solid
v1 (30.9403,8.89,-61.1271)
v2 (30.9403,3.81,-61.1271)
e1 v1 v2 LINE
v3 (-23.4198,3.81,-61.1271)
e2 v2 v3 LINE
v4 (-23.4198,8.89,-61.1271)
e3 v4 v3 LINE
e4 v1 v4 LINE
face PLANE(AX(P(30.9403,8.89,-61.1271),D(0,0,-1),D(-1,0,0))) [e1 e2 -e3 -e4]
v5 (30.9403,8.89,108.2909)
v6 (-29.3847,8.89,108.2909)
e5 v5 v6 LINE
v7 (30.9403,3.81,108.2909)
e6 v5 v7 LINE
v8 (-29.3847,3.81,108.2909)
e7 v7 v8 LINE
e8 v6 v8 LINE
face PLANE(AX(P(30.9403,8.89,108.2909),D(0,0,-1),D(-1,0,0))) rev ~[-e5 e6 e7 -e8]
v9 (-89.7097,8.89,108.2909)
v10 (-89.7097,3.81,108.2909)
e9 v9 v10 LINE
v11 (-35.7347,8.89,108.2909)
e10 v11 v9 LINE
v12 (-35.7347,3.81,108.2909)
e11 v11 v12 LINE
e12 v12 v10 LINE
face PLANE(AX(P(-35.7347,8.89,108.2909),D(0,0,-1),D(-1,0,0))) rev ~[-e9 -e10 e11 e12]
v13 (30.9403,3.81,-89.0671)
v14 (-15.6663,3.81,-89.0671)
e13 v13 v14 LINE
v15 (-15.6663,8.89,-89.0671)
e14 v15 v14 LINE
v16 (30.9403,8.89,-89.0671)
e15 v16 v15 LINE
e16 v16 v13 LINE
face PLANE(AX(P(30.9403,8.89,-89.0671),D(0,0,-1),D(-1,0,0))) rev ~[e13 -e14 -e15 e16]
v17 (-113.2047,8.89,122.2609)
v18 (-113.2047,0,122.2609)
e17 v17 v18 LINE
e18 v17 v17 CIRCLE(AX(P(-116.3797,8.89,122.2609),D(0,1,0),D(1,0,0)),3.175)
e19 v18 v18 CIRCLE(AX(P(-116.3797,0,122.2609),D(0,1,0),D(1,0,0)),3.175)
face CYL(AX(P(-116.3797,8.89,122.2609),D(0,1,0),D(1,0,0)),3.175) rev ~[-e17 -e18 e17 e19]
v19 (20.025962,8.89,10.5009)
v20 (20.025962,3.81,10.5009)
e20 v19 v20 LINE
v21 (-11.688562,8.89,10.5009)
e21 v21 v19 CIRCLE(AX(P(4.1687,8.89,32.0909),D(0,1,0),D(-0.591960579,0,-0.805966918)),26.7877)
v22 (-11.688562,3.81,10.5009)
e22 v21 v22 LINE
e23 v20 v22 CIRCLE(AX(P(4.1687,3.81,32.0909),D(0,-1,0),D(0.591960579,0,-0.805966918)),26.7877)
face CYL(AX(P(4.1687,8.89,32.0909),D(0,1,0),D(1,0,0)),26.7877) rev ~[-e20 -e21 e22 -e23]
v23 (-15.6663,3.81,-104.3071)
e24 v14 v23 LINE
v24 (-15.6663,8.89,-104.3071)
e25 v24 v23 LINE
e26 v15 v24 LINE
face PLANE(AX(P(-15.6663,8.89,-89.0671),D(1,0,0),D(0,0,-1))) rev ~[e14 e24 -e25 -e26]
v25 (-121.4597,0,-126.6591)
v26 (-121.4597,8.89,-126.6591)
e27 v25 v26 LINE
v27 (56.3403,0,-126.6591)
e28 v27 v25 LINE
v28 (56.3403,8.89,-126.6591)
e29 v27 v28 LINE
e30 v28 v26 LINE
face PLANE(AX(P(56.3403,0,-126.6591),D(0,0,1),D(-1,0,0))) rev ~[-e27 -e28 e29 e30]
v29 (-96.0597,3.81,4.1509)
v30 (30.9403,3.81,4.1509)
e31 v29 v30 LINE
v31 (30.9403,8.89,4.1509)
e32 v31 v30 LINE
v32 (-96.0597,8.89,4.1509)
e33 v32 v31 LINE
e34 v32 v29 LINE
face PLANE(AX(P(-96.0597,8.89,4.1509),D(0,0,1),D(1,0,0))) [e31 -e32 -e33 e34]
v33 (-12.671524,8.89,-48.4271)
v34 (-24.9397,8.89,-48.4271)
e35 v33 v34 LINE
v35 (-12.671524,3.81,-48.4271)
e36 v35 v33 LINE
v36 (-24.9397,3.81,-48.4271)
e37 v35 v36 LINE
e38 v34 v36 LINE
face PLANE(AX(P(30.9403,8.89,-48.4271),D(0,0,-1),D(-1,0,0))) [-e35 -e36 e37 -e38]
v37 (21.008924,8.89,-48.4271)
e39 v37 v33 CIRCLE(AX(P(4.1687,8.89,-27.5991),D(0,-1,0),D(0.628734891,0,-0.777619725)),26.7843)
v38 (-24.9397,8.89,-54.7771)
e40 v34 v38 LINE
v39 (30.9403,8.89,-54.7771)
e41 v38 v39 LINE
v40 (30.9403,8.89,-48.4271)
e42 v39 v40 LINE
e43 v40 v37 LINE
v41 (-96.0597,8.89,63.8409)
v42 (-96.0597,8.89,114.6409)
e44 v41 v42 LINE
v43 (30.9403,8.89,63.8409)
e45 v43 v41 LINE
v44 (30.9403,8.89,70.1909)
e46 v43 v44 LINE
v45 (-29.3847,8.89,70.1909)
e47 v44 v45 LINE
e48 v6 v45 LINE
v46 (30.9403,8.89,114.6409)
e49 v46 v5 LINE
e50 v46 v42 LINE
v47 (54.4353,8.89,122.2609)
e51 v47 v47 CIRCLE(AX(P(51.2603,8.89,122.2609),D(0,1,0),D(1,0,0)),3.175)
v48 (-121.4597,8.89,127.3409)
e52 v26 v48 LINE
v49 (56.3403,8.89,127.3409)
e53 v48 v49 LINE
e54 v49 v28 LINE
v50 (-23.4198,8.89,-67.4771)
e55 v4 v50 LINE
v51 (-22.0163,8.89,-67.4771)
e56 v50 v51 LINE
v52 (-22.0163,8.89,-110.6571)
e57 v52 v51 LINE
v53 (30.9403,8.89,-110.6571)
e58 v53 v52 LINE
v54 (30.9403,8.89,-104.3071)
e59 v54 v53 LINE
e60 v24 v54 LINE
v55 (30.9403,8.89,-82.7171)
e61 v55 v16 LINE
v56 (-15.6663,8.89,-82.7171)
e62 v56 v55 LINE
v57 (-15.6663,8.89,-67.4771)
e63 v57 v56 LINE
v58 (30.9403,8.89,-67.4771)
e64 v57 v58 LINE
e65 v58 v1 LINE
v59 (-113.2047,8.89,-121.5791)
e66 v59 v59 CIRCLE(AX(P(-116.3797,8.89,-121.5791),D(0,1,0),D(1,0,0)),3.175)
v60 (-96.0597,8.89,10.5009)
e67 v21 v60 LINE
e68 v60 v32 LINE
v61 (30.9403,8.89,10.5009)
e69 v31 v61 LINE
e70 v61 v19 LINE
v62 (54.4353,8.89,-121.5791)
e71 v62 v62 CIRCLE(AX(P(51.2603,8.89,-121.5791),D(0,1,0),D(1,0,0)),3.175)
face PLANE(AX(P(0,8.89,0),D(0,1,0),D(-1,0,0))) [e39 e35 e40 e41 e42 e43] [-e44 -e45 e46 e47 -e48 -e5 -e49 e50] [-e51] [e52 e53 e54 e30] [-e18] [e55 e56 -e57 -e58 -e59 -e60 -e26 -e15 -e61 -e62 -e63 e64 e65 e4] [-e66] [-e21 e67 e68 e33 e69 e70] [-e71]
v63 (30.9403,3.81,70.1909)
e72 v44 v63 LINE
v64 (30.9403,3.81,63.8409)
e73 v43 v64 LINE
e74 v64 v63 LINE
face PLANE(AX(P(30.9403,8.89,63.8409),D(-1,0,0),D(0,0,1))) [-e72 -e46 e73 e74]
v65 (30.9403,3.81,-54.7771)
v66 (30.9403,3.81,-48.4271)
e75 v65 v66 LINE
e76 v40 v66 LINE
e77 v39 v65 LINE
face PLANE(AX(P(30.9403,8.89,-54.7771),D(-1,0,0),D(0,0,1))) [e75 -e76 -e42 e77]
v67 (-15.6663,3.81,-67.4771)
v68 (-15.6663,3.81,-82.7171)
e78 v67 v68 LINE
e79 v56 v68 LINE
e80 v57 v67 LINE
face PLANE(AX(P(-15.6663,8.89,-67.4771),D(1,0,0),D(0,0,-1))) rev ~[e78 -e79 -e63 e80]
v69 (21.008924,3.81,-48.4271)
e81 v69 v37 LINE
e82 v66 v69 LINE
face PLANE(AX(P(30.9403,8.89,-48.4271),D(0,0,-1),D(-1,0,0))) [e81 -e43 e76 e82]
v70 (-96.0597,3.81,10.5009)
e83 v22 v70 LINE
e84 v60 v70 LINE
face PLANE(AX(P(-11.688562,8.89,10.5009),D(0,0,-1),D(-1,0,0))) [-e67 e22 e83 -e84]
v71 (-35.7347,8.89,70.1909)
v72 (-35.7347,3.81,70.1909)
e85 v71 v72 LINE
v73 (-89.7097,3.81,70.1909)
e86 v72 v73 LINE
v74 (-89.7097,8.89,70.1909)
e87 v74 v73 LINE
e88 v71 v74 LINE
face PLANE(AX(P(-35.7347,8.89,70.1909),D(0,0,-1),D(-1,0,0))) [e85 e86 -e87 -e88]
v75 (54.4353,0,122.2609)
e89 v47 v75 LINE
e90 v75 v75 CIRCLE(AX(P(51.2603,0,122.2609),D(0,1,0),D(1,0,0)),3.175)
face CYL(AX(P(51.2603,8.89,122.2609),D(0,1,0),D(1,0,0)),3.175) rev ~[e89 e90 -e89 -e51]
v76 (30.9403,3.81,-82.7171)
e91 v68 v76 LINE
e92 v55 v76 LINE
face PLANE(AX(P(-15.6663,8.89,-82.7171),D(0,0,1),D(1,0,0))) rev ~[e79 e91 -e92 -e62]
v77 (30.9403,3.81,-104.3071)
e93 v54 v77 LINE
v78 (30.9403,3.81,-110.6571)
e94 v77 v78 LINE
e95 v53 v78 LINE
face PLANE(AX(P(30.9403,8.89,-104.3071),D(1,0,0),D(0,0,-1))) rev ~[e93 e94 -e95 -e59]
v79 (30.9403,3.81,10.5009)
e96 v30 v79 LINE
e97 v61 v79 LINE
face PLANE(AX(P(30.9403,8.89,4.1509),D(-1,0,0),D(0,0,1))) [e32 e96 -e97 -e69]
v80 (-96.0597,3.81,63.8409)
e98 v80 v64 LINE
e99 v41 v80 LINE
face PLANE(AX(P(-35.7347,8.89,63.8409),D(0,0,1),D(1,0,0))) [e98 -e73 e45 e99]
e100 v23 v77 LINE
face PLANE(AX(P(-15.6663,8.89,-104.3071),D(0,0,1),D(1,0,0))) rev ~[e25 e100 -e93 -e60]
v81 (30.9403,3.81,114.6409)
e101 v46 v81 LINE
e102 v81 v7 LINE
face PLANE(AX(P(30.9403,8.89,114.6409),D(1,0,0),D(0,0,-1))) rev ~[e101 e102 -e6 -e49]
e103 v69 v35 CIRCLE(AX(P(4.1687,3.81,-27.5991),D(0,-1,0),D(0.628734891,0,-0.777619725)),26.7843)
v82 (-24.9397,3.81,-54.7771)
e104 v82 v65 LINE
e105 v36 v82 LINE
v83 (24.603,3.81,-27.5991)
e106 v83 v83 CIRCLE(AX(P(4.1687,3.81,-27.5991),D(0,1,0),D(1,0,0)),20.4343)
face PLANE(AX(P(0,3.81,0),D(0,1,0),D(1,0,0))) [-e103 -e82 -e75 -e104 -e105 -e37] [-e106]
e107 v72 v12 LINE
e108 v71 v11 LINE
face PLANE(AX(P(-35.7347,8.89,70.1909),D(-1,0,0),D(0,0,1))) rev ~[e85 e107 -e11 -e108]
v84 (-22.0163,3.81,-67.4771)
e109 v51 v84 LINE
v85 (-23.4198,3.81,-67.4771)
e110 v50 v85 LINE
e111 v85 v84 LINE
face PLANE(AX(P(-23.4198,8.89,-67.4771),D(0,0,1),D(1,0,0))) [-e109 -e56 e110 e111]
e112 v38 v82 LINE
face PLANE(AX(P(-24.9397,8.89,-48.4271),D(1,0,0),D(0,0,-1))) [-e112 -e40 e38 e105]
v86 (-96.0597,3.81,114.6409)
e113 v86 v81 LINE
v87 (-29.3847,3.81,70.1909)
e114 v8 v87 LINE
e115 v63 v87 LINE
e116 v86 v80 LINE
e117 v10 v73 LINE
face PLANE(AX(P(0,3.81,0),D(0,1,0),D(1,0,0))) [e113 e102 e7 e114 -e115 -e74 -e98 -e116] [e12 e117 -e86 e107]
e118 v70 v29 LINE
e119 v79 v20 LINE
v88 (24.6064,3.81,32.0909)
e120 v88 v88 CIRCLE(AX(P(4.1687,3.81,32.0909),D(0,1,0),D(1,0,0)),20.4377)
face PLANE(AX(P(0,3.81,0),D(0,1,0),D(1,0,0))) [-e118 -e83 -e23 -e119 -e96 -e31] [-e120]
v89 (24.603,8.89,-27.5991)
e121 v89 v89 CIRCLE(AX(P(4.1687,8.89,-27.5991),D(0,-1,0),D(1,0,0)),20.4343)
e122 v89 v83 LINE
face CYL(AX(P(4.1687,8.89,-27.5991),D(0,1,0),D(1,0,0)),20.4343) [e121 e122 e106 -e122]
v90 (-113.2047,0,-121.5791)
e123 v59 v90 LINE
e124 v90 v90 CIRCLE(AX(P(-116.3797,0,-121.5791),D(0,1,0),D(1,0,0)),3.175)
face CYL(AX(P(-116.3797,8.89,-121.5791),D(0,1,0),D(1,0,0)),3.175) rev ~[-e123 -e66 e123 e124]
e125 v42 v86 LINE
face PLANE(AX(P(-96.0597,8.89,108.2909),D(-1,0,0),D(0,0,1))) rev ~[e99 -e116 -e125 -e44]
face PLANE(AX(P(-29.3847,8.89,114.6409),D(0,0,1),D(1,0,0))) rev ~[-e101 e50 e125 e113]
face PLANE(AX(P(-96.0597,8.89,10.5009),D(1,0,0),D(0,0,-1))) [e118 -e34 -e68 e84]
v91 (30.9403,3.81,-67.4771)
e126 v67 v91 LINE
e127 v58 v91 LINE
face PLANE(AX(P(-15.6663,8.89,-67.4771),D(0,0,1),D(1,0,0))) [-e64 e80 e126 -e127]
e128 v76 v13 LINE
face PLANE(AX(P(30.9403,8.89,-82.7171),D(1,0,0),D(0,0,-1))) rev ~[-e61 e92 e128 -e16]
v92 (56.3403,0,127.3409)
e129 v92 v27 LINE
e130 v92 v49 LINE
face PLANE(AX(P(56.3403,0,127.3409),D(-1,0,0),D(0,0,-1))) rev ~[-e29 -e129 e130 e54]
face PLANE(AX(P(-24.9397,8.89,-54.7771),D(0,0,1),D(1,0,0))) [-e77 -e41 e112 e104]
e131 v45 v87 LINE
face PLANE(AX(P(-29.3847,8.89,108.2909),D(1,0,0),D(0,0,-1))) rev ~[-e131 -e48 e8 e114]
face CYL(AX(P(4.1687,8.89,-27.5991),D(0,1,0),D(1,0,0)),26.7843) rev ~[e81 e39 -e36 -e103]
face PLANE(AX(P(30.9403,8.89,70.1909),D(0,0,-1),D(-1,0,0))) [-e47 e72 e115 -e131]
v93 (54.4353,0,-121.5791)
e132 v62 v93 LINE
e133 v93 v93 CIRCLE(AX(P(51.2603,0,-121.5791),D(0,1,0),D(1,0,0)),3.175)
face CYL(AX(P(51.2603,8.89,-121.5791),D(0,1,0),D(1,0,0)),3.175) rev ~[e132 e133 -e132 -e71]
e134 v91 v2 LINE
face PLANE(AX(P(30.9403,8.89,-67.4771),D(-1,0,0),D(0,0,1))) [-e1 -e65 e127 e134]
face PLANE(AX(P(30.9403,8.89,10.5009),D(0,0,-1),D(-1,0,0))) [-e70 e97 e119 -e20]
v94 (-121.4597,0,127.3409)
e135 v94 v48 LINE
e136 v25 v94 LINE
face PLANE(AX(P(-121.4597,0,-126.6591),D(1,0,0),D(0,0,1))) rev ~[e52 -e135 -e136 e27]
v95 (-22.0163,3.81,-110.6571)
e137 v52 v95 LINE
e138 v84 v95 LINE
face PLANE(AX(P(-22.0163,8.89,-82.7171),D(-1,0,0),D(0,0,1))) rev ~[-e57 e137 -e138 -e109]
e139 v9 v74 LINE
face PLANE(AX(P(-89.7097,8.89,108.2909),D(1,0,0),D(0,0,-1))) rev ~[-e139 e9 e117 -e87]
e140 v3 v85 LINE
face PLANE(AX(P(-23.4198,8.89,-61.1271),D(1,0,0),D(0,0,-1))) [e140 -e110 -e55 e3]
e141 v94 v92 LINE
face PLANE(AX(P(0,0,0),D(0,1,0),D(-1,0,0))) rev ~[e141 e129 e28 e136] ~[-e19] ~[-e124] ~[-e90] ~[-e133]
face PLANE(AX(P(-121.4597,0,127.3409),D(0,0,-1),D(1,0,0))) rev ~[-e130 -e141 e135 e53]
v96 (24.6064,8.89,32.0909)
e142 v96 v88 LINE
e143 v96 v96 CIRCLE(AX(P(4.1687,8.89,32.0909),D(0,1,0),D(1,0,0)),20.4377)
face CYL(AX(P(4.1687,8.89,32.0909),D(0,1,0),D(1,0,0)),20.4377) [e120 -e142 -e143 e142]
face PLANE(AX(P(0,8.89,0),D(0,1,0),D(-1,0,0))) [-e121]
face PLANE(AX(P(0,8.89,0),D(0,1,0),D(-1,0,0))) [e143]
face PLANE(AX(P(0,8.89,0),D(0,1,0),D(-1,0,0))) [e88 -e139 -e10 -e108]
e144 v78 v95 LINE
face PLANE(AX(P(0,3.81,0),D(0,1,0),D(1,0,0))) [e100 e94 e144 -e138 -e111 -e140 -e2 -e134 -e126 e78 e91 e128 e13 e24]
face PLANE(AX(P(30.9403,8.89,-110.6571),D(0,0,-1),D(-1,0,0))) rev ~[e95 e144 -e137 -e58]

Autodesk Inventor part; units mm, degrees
ref_plane "YZ Plane" through (0, 0, 0) normal (1, 0, 0) x (0, 1, 0)
ref_plane "XZ Plane" through (0, 0, 0) normal (0, 1, 0) x (-1, 0, 0)
ref_plane "XY Plane" through (0, 0, 0) normal (0, 0, 1) x (1, 0, 0)
sketch "Sketch1" plane through (0, 0, 0) normal (0, 1, 0) x (-1, 0, 0)
  line L0 (121.4597, 127.3409) -> (-56.3403, 127.3409)
  line L1 (-56.3403, 127.3409) -> (-56.3403, -126.6591)
  line L2 (-56.3403, -126.6591) -> (121.4597, -126.6591)
  line L3 (121.4597, -126.6591) -> (121.4597, 127.3409)
  point P0 (0, 0)
  dimension "d0" = 254
  dimension "d1" = 177.8
sketch "Sketch2" plane through (0, 0, 0) normal (0, 1, 0) x (-1, 0, 0)
  point P0 (0, 0)
extrude "Extrusion1" add sketch "Sketch1" along normal blind 8.89
sketch "Sketch3" plane through (0, 8.89, 0) normal (0, 1, 0) x (1, 0, 0)
  line L0 (30.9403, -114.6409) -> (30.9403, -108.2909)
  line L1 (-121.4597, -127.3409) -> (56.3403, -127.3409) projected
  line L2 (56.3403, -127.3409) -> (56.3403, 126.6591) projected
  line L3 (30.9403, -108.2909) -> (-96.0597, -108.2909)
  line L4 (-96.0597, -108.2909) -> (-96.0597, -114.6409)
  line L5 (-96.0597, -114.6409) -> (30.9403, -114.6409)
  line L6 (-121.4597, 126.6591) -> (-121.4597, -127.3409) projected
  line L7 (-96.0597, -108.2909) -> (-89.7097, -108.2909)
  line L8 (-89.7097, -108.2909) -> (-89.7097, -63.8409)
  line L9 (-89.7097, -63.8409) -> (-96.0597, -63.8409)
  line L10 (-96.0597, -63.8409) -> (-96.0597, -108.2909)
  line L11 (-96.0597, -63.8409) -> (30.9403, -63.8409)
  line L12 (30.9403, -63.8409) -> (30.9403, -70.1909)
  line L13 (30.9403, -70.1909) -> (-96.0597, -70.1909)
  line L14 (-96.0597, -70.1909) -> (-96.0597, -63.8409)
  line L15 (-35.7347, -114.6409) -> (-29.3847, -114.6409)
  line L16 (-29.3847, -114.6409) -> (-29.3847, -63.8409)
  line L17 (-29.3847, -63.8409) -> (-35.7347, -63.8409)
  line L18 (-35.7347, -63.8409) -> (-35.7347, -114.6409)
  point P0 (0, 0)
  dimension "d4" = 6.35
  dimension "d5" = 12.7
  dimension "d6" = 25.4
  dimension "d7" = 25.4
  dimension "d8" = 6.35
  dimension "d10" = 127
  dimension "d11" = 6.35
  dimension "d12" = 50.8
  dimension "d13" = 6.35
  dimension "d14" = 60.325
  dimension "d15" = 60.325
sketch "Sketch4" plane through (0, 8.89, 0) normal (0, 1, 0) x (1, 0, 0)
  point P0 (0, 0)
extrude "Extrusion2" cut sketch "Sketch3" against normal blind 5.08 contours L5 L16 L3 L0 | L5 L18 L3 L16 | L3 L18 L13 L16 | L5 L4 L3 L18 | L16 L11 L12 L13 | L13 L18 L11 L16 | L3 L10 L13 L8 | L13 L8 L11 L18 | L13 L10 L9 L8
sketch "Sketch5" plane through (0, 8.89, 0) normal (0, 1, 0) x (1, 0, 0)
  line L0 (-96.0597, -4.1509) -> (30.9403, -4.1509)
  line L1 (30.9403, -4.1509) -> (30.9403, -10.5009)
  line L2 (30.9403, -10.5009) -> (-96.0597, -10.5009)
  line L3 (-96.0597, -10.5009) -> (-96.0597, -4.1509)
  line L4 (-96.0597, -63.8409) -> (30.9403, -63.8409) projected
  line L5 (-121.4597, 126.6591) -> (-121.4597, -127.3409) projected
  circle A0 centre (4.1687, -32.0909) radius 20.4377
  circle A1 centre (4.1687, -32.0909) radius 26.7877
  line L6 (56.3403, -127.3409) -> (56.3403, 126.6591) projected
  point P0 (0, 0)
  dimension "d18" = 53.34
  dimension "d19" = 6.35
  dimension "d20" = 127
  dimension "d21" = 25.4
  dimension "d22" = 6.35
  dimension "d23" = 21.59
  dimension "d24" = 100.2284
  dimension "d25" = 52.1716
sketch "Sketch6" plane through (0, 8.89, 0) normal (0, 1, 0) x (1, 0, 0)
  point P0 (0, 0)
extrude "Extrusion3" cut sketch "Sketch5" against normal blind 5.08
sketch "Sketch7" plane through (0, 8.89, 0) normal (0, 1, 0) x (1, 0, 0)
  line L0 (30.9403, 55.5391) -> (-32.5597, 55.5391)
  line L1 (-32.5597, 55.5391) -> (-32.5597, 48.0334)
  line L2 (-32.5597, 48.0334) -> (30.9403, 48.0334)
  line L3 (30.9403, 48.0334) -> (30.9403, 55.5391)
  line L4 (56.3403, -127.3409) -> (56.3403, 126.6591) projected
  line L5 (30.9403, -4.1509) -> (30.9403, -10.5009) projected
  circle A0 centre (4.1687, 27.5991) radius 20.4343
  circle A1 centre (4.1687, 27.5991) radius 26.7843
  line L6 (-96.0597, -4.1509) -> (30.9403, -4.1509) projected
  line L7 (-96.0597, -63.8409) -> (30.9403, -63.8409) projected
  arc A2 (-11.6885, -10.5009) -> (20.0259, -10.5009) centre (4.1687, -32.0909) ccw projected
  point P0 (0, 0)
  dimension "d31" = 25.4
  dimension "d35" = 31.75
  dimension "d37" = 27.94
  dimension "d39" = 27.94
  dimension "d40" = 63.5
  dimension "d42" = 25.4
  dimension "d43" = 26.7716
  dimension "d44" = 26.7716
  dimension "d45" = 31.75
  dimension "d46" = 6.35
sketch "Sketch9" plane through (0, 8.89, 0) normal (0, 1, 0) x (1, 0, 0)
  point P0 (0, 0)
extrude "Extrusion4" cut sketch "Sketch7" against normal blind 5.08 contours A1 L2 | L2 A1
sketch "Sketch12" plane through (0, 8.89, 0) normal (0, 1, 0) x (1, 0, 0)
  point P0 (0, 0)
sketch "Sketch13" plane through (0, 8.89, 0) normal (0, 1, 0) x (1, 0, 0)
  line L0 (30.9403, 48.4271) -> (-24.9397, 48.4271)
  line L1 (-24.9397, 48.4271) -> (-24.9397, 54.7771)
  line L2 (-24.9397, 54.7771) -> (30.9403, 54.7771)
  line L3 (30.9403, 54.7771) -> (30.9403, 48.4271)
  line L4 (56.3403, -127.3409) -> (56.3403, 126.6591) projected
  line L5 (-96.0597, -4.1509) -> (30.9403, -4.1509) projected
  point P0 (0, 0)
  dimension "d53" = 6.35
  dimension "d54" = 25.4
  dimension "d55" = 55.88
  dimension "d56" = 52.578
extrude "Extrusion5" cut sketch "Sketch13" against normal blind 5.08
sketch "Sketch15" plane through (0, 8.89, 0) normal (0, 1, 0) x (1, 0, 0)
  point P0 (0, 0)
sketch "Sketch16" plane through (0, 8.89, 0) normal (0, 1, 0) x (1, 0, 0)
  point P0 (0, 0)
sketch "Sketch14" plane through (0, 8.89, 0) normal (0, 1, 0) x (1, 0, 0)
  line L0 (30.9403, 61.1271) -> (-23.4198, 61.1271)
  line L1 (-23.4198, 61.1271) -> (-23.4198, 67.4771)
  line L2 (-23.4198, 67.4771) -> (30.9403, 67.4771)
  line L3 (30.9403, 67.4771) -> (30.9403, 61.1271)
  line L4 (-24.9397, 54.7771) -> (30.9403, 54.7771) projected
  line L5 (-22.0163, 67.4771) -> (-15.6663, 67.4771)
  line L6 (-15.6663, 67.4771) -> (-15.6663, 82.7171)
  line L7 (-15.6663, 82.7171) -> (-22.0163, 82.7171)
  line L8 (-22.0163, 82.7171) -> (-22.0163, 67.4771)
  line L9 (-22.0163, 82.7171) -> (30.9403, 82.7171)
  line L10 (30.9403, 82.7171) -> (30.9403, 89.0671)
  line L11 (30.9403, 89.0671) -> (-22.0163, 89.0671)
  line L12 (-22.0163, 89.0671) -> (-22.0163, 82.7171)
  line L13 (-22.0163, 89.0671) -> (-15.6663, 89.0671)
  line L14 (-15.6663, 89.0671) -> (-15.6663, 104.3071)
  line L15 (-15.6663, 104.3071) -> (-22.0163, 104.3071)
  line L16 (-22.0163, 104.3071) -> (-22.0163, 89.0671)
  line L17 (-22.0163, 104.3071) -> (30.9403, 104.3071)
  line L18 (30.9403, 104.3071) -> (30.9403, 110.6571)
  line L19 (30.9403, 110.6571) -> (-22.0163, 110.6571)
  line L20 (-22.0163, 110.6571) -> (-22.0163, 104.3071)
  point P0 (0, 0)
  dimension "d59" = 6.35
  dimension "d60" = 6.35
  dimension "d61" = 6.35
  dimension "d62" = 15.24
  dimension "d63" = 6.35
  dimension "d64" = 15.24
  dimension "d65" = 6.35
  dimension "d66" = 6.35
extrude "Extrusion6" cut sketch "Sketch14" against normal blind 5.08
sketch "Sketch19" plane through (0, 3.81, 0) normal (0, 1, 0) x (1, 0, 0)
  point P0 (0, 0)
sketch "Sketch21" plane through (0, 8.89, 0) normal (0, 1, 0) x (1, 0, 0)
  circle A0 centre (-116.3797, -122.2609) radius 3.175
  line L0 (-121.4597, 126.6591) -> (-121.4597, -127.3409) projected
  line L1 (-121.4597, -127.3409) -> (56.3403, -127.3409) projected
  point P0 (0, 0)
  dimension "d69" = 6.35
  dimension "d70" = 5.08
  dimension "d71" = 5.08
sketch "Sketch22" plane through (0, 8.89, 0) normal (0, 1, 0) x (1, 0, 0)
  circle A0 centre (51.2603, -122.2609) radius 3.175
  line L0 (56.3403, -127.3409) -> (56.3403, 126.6591) projected
  line L1 (-121.4597, -127.3409) -> (56.3403, -127.3409) projected
  circle A1 centre (-116.3797, 121.5791) radius 3.175
  line L2 (56.3403, 126.6591) -> (-121.4597, 126.6591) projected
  line L3 (-121.4597, 126.6591) -> (-121.4597, -127.3409) projected
  circle A2 centre (51.2603, 121.5791) radius 3.175
  point P0 (0, 0)
  dimension "d72" = 6.35
  dimension "d73" = 5.08
  dimension "d74" = 5.08
  dimension "d75" = 6.35
  dimension "d76" = 5.08
  dimension "d77" = 5.08
  dimension "d78" = 6.35
  dimension "d79" = 5.08
  dimension "d80" = 5.08
extrude "Extrusion7" cut sketch "Sketch22" against normal blind 25.4 contours A0 | A1 | A2
extrude "Extrusion8" cut sketch "Sketch21" against normal blind 25.4
equation "\"BendRadius\" = Thickness"
equation "\"BendReliefWidth\" = Thickness"
equation "\"BendReliefDepth\" = 0.5 * Thickness"
equation "\"CornerReliefSize\" = 4 * Thickness"
equation "\"MinimumRemnant\" = 2 * Thickness"
equation "\"TransitionRadius\" = BendRadius"
equation "\"JacobiRadiusSize\" = Thickness"
equation "\"GapSize\" = Thickness"
equation "\"Thickness\" = 3.048"
properties part number "Adam Name Plate" material "Aluminum"
